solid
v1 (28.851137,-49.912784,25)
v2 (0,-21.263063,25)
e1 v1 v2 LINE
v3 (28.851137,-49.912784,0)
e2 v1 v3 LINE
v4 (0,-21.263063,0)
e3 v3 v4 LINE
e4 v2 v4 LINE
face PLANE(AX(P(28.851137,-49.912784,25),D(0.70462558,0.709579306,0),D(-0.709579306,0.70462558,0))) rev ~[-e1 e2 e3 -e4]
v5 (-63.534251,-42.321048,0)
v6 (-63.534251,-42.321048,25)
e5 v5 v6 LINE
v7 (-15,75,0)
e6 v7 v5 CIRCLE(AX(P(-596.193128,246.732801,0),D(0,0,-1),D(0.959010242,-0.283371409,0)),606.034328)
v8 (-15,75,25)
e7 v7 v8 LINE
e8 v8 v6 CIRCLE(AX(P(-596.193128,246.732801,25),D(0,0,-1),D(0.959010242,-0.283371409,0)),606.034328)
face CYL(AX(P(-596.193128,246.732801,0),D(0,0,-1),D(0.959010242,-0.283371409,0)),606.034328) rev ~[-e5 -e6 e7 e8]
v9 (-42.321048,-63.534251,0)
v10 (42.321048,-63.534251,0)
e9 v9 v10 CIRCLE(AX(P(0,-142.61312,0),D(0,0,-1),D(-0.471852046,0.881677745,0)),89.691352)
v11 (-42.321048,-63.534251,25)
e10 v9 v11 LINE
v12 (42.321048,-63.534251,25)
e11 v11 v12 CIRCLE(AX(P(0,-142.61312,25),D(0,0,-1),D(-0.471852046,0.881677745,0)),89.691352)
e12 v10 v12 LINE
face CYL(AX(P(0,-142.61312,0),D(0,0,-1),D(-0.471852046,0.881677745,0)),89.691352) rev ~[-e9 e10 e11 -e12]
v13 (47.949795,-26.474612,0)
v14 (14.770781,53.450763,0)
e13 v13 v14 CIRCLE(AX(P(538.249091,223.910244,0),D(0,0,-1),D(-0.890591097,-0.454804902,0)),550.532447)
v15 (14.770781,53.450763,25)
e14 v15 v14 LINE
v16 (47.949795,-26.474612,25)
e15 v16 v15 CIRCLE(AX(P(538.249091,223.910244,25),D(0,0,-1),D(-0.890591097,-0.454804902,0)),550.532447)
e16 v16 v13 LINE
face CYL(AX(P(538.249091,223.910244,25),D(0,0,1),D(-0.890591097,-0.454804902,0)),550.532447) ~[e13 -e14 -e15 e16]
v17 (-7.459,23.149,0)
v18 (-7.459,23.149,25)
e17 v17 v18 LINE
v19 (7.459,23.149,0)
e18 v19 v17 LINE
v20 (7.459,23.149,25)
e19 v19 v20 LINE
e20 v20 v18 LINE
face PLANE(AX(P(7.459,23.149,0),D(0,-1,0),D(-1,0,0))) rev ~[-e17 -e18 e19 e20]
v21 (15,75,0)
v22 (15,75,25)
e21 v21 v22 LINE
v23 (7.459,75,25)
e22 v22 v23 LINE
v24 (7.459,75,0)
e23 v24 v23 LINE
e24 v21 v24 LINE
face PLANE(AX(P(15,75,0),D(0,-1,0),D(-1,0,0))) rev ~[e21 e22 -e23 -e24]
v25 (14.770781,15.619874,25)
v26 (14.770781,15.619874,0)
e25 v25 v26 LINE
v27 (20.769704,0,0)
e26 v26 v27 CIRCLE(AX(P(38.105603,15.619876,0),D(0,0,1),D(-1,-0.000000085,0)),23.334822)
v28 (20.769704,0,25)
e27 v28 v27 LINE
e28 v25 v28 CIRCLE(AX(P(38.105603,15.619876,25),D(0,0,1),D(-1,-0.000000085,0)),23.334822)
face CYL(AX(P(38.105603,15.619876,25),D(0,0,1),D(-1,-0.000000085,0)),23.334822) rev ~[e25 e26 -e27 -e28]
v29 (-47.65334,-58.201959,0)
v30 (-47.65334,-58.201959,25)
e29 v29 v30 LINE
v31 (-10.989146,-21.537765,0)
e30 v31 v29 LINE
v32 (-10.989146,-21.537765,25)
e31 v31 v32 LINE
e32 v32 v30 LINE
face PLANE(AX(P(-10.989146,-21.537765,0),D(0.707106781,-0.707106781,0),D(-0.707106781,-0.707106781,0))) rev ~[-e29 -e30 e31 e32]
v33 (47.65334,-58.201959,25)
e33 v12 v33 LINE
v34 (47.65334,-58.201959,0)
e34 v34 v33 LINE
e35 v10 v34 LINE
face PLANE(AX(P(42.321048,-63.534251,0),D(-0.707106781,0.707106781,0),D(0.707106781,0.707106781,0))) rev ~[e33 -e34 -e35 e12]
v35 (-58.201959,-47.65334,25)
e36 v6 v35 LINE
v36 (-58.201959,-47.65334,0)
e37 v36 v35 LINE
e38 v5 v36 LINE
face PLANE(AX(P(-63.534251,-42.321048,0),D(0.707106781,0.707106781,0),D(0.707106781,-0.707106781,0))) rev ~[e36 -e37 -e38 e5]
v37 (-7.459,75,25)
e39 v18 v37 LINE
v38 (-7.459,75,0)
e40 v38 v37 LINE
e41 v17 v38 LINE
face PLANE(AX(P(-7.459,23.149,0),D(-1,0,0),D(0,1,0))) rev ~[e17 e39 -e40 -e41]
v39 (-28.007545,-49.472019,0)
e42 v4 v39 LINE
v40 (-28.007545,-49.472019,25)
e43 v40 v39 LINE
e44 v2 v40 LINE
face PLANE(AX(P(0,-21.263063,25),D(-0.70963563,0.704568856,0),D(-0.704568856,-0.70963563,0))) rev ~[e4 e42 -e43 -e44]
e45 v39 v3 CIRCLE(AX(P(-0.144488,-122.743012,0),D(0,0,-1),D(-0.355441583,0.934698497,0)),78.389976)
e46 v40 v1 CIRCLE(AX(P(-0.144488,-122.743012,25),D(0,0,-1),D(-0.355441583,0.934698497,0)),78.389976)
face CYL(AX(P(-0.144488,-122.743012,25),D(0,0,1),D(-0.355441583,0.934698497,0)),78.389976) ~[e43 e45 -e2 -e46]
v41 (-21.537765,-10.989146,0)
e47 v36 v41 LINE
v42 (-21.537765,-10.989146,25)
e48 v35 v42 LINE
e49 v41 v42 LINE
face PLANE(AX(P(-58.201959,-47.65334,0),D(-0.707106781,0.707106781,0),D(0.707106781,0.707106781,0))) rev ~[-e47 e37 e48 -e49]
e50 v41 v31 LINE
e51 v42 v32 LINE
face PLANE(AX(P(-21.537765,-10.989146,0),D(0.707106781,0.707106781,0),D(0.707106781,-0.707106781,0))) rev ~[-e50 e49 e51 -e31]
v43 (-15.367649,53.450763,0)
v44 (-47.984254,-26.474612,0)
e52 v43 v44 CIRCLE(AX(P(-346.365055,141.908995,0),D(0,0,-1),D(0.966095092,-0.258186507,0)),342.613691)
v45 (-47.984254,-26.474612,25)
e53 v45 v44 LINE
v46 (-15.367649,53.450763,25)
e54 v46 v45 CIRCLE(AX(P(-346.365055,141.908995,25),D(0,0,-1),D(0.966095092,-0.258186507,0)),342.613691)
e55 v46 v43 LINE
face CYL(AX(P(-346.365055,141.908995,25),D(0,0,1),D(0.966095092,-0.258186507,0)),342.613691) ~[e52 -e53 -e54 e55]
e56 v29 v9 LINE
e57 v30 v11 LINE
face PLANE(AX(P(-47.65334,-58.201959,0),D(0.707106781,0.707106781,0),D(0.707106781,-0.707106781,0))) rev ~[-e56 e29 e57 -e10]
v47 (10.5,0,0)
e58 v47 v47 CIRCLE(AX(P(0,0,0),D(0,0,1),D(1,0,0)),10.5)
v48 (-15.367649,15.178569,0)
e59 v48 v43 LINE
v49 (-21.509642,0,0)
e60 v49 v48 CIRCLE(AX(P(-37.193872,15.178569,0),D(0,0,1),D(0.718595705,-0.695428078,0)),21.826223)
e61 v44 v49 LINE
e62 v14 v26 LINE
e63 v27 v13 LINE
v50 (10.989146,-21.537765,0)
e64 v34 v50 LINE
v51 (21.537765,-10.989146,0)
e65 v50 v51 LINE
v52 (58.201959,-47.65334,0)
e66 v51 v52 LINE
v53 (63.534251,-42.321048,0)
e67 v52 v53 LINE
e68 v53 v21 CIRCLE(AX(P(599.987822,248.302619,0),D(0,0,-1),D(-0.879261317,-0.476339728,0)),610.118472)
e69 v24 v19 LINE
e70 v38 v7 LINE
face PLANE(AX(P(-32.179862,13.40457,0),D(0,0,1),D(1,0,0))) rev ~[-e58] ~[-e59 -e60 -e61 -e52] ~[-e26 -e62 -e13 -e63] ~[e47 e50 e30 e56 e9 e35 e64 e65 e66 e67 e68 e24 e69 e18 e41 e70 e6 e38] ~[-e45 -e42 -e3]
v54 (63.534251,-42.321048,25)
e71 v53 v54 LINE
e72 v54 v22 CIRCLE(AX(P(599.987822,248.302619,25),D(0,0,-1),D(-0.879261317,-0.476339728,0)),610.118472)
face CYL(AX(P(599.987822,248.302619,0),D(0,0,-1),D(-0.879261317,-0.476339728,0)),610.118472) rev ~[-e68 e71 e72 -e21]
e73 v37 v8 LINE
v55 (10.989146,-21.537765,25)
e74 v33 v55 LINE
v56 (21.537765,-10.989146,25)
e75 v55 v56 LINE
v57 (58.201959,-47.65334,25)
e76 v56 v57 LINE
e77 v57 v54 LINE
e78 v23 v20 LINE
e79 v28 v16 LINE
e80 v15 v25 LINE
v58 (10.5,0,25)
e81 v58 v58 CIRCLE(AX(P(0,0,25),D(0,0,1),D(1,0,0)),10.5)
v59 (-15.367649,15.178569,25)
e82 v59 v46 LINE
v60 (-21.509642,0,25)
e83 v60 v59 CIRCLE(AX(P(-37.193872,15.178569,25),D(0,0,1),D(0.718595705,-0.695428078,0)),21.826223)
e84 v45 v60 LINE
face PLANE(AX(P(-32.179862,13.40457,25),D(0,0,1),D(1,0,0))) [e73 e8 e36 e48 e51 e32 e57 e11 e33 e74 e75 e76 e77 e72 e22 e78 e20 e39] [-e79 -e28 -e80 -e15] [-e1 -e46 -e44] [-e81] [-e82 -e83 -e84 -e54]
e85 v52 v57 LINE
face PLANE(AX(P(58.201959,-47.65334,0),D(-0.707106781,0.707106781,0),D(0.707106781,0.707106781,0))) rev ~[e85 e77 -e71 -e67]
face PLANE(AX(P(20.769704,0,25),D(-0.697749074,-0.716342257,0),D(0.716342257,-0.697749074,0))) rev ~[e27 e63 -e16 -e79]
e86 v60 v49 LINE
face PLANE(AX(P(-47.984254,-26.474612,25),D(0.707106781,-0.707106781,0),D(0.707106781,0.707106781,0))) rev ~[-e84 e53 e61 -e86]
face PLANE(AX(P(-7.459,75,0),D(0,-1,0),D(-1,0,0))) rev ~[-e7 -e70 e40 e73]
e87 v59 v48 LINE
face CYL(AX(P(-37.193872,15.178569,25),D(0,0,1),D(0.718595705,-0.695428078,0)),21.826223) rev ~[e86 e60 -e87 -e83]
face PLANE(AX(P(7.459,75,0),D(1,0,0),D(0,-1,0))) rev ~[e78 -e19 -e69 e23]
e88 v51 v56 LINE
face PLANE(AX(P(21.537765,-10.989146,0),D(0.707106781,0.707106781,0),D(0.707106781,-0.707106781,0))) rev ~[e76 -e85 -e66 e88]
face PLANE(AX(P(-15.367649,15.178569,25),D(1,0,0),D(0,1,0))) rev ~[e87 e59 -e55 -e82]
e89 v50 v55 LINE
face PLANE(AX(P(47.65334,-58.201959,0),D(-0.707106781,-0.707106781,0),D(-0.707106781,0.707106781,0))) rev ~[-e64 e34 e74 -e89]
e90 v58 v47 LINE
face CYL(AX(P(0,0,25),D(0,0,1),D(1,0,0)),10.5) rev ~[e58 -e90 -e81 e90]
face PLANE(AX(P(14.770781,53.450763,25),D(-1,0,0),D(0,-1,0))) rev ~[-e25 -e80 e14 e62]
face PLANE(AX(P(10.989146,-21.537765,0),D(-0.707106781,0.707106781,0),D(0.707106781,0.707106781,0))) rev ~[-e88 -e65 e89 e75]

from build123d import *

# Parameters (mm, degrees)
F1_DEPTH = 25
F2_DEPTH = 25
F3_R     = 10.5
F4_DEPTH = 25
F6_DEPTH = 25


with BuildPart() as f1:
    # F0 (on Top) → F1 (new body)
    with BuildSketch(Plane.XY):
        with BuildLine():
            Line((-7.459, 75), (-15, 75))
            Line((-15, 75), (-15, 15))
            ThreePointArc((-15, 15), (-16.614759, 6.882058), (-21.213203, 0))
            Line((-21.213203, 0), (-63.534251, -42.321048))
            Line((-63.534251, -42.321048), (-58.201959, -47.65334))
            Line((-58.201959, -47.65334), (-21.537765, -10.989146))
            Line((-21.537765, -10.989146), (-10.989146, -21.537765))
            Line((-10.989146, -21.537765), (-47.65334, -58.201959))
            Line((-47.65334, -58.201959), (-42.321048, -63.534251))
            Line((-42.321048, -63.534251), (0, -21.213203))
            Line((0, -21.213203), (42.321048, -63.534251))
            Line((42.321048, -63.534251), (47.65334, -58.201959))
            Line((47.65334, -58.201959), (10.989146, -21.537765))
            Line((10.989146, -21.537765), (21.537765, -10.989146))
            Line((21.537765, -10.989146), (58.201959, -47.65334))
            Line((58.201959, -47.65334), (63.534251, -42.321048))
            Line((63.534251, -42.321048), (21.213203, 0))
            ThreePointArc((21.213203, 0), (16.614759, 6.882058), (15, 15))
            Line((15, 15), (15, 75))
            Line((15, 75), (7.459, 75))
            Line((7.459, 75), (7.459, 23.149))
            Line((7.459, 23.149), (-7.459, 23.149))
            Line((-7.459, 23.149), (-7.459, 75))
        make_face()
    extrude(amount=F1_DEPTH)

    # F0 (on Top) → F2 (join)
    with BuildSketch(Plane.XY):
        with BuildLine():
            Line((-15, 15), (-15, 75))
            ThreePointArc((-15, 75), (-36.186316, 15.064984), (-63.534251, -42.321048))
            Line((-63.534251, -42.321048), (-21.213203, 0))
            ThreePointArc((-21.213203, 0), (-16.614759, 6.882058), (-15, 15))
        make_face()
        with BuildLine():
            ThreePointArc((63.534251, -42.321048), (36.207052, 15.073562), (15, 75))
            Line((15, 75), (15, 15))
            ThreePointArc((15, 15), (16.614759, 6.882058), (21.213203, 0))
            Line((21.213203, 0), (63.534251, -42.321048))
        make_face()
        with BuildLine():
            Line((0, -21.213203), (-42.321048, -63.534251))
            ThreePointArc((-42.321048, -63.534251), (0, -52.921768), (42.321048, -63.534251))
            Line((42.321048, -63.534251), (0, -21.213203))
        make_face()
    extrude(amount=F2_DEPTH)

    # F3 (on face) → F4 (cut)
    with BuildSketch(Plane.XY.offset(25)):
        Circle(F3_R)
    extrude(amount=-F4_DEPTH, mode=Mode.SUBTRACT)

    # F5 (on face) → F6 (cut)
    with BuildSketch(Plane.XY.offset(25)):
        with BuildLine():
            ThreePointArc((-15.367649, 53.450763), (-29.148649, 12.456713), (-47.984254, -26.474612))
            Line((-47.984254, -26.474612), (-21.509642, 0))
            ThreePointArc((-21.509642, 0), (-16.96133, 6.99149), (-15.367649, 15.178569))
            Line((-15.367649, 15.178569), (-15.367649, 53.450763))
        make_face()
        with BuildLine():
            ThreePointArc((-28.007545, -49.472019), (0.463168, -44.355391), (28.851137, -49.912784))
            Line((28.851137, -49.912784), (0, -21.263063))
            Line((0, -21.263063), (-28.007545, -49.472019))
        make_face()
        with BuildLine():
            ThreePointArc((47.949795, -26.474612), (29.787416, 12.835137), (14.770781, 53.450763))
            Line((14.770781, 53.450763), (14.770781, 15.619874))
            ThreePointArc((14.770781, 15.619874), (16.322077, 7.253759), (20.769704, 0))
            Line((20.769704, 0), (47.949795, -26.474612))
        make_face()
    extrude(amount=-F6_DEPTH, mode=Mode.SUBTRACT)


solid = f1.part
